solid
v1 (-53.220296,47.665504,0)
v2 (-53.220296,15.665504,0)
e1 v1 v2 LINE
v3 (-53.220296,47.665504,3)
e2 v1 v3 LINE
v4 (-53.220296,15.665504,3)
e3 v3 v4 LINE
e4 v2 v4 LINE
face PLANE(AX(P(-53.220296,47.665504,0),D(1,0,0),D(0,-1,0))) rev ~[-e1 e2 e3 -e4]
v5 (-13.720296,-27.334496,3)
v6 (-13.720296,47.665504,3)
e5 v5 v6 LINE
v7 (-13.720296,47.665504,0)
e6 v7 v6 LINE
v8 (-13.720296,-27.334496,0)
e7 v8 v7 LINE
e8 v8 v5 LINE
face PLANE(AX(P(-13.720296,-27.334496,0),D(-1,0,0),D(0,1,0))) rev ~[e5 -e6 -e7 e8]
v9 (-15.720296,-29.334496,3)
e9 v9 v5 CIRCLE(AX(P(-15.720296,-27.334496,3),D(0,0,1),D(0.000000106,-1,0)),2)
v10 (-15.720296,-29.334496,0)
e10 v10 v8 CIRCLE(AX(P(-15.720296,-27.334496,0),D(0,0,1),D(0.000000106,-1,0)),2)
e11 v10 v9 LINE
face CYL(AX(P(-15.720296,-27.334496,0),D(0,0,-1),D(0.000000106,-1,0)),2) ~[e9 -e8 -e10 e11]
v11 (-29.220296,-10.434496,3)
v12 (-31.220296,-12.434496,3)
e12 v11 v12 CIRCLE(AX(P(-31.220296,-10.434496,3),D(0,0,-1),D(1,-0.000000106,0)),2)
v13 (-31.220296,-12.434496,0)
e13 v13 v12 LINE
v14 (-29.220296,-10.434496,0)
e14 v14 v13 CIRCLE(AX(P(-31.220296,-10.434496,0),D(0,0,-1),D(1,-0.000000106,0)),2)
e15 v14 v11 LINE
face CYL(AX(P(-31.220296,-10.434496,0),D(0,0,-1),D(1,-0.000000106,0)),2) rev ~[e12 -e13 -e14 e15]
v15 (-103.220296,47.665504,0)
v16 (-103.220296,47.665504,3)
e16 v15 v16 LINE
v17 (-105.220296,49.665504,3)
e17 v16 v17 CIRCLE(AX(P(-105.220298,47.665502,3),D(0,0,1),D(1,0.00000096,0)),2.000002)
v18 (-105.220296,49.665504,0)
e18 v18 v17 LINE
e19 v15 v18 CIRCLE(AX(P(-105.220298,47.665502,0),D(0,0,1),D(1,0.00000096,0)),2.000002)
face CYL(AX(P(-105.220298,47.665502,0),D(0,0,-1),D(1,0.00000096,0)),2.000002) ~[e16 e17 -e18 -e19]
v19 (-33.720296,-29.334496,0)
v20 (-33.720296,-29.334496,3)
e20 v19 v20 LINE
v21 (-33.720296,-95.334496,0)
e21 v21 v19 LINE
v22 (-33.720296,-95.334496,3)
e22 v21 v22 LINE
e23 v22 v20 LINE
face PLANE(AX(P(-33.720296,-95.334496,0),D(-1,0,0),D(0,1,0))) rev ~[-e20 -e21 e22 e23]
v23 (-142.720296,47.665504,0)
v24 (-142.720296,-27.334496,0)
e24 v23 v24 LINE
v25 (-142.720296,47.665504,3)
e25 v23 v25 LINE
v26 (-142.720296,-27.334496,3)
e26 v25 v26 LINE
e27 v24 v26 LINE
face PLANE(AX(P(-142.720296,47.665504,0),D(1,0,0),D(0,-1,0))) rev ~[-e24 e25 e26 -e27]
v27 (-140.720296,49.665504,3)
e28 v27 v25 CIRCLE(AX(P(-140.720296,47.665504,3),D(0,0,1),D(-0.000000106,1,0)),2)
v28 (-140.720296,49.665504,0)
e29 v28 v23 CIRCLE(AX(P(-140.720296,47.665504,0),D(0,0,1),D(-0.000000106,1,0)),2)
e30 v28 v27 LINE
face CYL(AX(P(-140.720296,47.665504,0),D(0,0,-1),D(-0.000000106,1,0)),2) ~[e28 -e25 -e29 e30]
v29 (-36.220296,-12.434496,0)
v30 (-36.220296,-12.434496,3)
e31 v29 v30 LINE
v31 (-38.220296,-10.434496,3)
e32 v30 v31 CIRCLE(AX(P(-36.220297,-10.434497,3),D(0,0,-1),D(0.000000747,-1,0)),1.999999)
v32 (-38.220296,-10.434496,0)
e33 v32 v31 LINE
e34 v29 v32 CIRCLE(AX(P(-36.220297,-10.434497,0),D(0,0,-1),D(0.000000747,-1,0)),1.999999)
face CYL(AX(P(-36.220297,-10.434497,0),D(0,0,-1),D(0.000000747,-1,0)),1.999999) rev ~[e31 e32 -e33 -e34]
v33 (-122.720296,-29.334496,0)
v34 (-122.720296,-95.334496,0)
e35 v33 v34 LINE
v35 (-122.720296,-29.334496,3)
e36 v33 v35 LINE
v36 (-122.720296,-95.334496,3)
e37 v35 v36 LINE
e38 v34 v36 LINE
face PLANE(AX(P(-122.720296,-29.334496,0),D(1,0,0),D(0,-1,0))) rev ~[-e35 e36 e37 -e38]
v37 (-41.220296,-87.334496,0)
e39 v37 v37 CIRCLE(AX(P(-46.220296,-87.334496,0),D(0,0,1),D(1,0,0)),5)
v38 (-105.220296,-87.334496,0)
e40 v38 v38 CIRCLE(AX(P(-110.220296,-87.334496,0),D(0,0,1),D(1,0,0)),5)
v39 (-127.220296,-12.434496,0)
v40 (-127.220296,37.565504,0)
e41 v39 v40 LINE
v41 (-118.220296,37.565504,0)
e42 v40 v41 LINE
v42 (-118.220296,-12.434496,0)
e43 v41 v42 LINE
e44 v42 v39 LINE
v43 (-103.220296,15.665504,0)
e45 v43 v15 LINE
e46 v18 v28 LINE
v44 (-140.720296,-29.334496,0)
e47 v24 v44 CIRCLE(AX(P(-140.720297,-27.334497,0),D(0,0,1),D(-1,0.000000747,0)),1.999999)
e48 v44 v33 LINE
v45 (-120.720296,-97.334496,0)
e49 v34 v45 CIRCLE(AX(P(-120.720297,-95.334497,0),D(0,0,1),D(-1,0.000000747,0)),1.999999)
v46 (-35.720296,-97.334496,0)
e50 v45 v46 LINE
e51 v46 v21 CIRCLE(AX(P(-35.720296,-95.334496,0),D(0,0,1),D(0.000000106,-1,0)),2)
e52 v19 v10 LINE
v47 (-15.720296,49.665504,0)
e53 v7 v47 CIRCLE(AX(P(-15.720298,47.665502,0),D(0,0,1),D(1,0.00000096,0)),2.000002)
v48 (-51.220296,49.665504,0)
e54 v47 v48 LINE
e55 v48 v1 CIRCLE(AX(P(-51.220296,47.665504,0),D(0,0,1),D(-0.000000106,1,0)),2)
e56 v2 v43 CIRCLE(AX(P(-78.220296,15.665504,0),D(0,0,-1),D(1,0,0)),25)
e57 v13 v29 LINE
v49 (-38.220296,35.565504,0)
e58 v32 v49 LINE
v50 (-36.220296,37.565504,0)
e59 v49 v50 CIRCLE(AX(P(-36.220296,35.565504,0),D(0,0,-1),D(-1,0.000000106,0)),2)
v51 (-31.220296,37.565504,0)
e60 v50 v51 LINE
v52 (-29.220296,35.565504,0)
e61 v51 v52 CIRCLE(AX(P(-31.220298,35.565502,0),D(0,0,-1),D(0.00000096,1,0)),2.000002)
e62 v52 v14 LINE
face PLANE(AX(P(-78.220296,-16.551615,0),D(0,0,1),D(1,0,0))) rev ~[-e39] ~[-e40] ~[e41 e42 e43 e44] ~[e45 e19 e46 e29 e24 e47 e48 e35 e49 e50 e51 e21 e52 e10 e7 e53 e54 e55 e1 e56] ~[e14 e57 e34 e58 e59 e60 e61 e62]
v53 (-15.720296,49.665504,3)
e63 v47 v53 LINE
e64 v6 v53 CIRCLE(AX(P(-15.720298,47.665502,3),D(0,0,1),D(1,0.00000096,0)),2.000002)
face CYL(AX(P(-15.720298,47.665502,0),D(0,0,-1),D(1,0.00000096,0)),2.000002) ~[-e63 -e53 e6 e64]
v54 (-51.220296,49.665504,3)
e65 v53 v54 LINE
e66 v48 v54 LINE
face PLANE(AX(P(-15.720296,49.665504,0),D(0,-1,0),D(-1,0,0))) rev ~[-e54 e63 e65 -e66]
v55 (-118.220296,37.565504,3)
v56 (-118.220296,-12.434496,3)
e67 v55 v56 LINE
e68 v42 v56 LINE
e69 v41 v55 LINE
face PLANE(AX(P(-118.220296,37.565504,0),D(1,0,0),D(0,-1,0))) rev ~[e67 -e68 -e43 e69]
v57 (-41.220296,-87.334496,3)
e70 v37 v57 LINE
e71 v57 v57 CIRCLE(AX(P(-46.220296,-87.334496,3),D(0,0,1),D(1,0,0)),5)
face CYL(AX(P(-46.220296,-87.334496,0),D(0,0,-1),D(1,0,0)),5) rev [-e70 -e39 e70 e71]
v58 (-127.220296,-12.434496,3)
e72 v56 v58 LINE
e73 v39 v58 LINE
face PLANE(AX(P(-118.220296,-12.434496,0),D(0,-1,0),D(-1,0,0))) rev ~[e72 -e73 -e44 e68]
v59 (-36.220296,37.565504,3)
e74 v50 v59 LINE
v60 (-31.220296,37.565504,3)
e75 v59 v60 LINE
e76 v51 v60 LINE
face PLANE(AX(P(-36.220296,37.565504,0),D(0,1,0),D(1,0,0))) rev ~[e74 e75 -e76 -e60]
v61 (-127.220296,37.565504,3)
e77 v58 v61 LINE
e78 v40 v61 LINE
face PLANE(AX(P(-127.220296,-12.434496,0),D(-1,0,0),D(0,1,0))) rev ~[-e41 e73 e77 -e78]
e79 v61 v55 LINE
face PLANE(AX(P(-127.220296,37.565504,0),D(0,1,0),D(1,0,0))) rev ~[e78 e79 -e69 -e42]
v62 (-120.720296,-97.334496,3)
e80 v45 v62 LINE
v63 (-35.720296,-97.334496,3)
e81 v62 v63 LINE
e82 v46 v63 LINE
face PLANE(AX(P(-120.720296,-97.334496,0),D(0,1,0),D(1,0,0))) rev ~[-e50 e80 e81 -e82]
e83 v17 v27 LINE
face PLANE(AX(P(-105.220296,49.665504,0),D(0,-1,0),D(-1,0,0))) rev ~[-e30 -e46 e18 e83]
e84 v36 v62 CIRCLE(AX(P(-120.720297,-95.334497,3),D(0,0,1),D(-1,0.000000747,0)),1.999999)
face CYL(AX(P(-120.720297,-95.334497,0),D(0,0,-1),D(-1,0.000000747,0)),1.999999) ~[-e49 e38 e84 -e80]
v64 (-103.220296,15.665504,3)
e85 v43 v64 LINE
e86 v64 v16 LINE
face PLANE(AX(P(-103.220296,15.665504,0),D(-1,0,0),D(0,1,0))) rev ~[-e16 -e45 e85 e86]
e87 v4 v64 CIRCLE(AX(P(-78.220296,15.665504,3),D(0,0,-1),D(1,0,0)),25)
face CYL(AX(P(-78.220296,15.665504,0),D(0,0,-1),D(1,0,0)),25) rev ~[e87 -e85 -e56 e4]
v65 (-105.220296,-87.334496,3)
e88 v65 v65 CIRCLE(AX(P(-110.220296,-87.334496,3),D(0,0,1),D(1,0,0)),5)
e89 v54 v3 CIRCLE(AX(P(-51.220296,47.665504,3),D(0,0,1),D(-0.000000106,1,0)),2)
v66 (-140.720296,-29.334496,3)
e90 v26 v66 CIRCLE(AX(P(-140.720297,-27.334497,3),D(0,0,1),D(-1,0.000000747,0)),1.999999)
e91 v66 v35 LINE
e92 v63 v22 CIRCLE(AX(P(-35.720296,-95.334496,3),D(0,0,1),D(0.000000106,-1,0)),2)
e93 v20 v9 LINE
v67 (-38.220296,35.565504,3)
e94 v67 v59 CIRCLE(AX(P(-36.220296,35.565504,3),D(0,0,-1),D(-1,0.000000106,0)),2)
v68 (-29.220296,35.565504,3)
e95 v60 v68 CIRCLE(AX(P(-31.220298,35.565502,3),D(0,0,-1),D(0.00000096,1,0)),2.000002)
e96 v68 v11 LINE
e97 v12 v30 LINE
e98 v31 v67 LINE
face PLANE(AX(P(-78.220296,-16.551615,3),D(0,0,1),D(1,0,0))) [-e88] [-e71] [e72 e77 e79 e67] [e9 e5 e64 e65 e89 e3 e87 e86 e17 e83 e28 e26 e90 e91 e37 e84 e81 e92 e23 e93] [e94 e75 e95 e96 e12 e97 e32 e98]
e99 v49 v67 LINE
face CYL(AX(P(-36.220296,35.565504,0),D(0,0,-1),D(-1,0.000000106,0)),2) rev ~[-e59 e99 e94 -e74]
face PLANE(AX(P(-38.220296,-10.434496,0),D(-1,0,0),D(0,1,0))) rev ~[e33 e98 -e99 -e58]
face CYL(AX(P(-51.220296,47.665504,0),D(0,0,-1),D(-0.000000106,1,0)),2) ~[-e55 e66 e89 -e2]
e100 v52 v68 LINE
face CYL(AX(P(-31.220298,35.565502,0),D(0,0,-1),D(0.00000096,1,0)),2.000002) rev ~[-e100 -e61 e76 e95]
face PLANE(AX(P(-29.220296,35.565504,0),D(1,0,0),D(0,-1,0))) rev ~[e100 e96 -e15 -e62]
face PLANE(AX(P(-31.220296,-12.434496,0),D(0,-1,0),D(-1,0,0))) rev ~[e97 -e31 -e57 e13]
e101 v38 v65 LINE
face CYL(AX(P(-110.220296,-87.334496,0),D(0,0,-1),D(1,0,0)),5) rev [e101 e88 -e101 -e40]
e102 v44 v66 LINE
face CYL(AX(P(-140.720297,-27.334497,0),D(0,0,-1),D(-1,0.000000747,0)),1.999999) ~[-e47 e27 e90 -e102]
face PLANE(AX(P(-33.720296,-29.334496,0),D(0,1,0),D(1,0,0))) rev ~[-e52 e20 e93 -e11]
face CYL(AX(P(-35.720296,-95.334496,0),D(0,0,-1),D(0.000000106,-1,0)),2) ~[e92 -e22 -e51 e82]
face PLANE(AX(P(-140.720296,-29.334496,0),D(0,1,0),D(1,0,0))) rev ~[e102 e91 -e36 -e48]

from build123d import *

# Parameters (mm, degrees)
F0_R     = 5
F1_DEPTH = 3


with BuildPart() as f1:
    # F0 (on Top) → F1 (new body)
    with BuildSketch(Plane.XY):
        with BuildLine():
            Line((-105.220296, 49.665504), (-140.720296, 49.665504))
            ThreePointArc((-140.720296, 49.665504), (-142.13451, 49.079717), (-142.720296, 47.665504))
            Line((-142.720296, 47.665504), (-142.720296, -27.334496))
            ThreePointArc((-142.720296, -27.334496), (-142.13451, -28.74871), (-140.720296, -29.334496))
            Line((-140.720296, -29.334496), (-122.720296, -29.334496))
            Line((-122.720296, -29.334496), (-122.720296, -95.334496))
            ThreePointArc((-122.720296, -95.334496), (-122.13451, -96.74871), (-120.720296, -97.334496))
            Line((-120.720296, -97.334496), (-35.720296, -97.334496))
            ThreePointArc((-35.720296, -97.334496), (-34.306083, -96.74871), (-33.720296, -95.334496))
            Line((-33.720296, -95.334496), (-33.720296, -29.334496))
            Line((-33.720296, -29.334496), (-15.720296, -29.334496))
            ThreePointArc((-15.720296, -29.334496), (-14.306083, -28.74871), (-13.720296, -27.334496))
            Line((-13.720296, -27.334496), (-13.720296, 47.665504))
            ThreePointArc((-13.720296, 47.665504), (-14.306083, 49.079717), (-15.720296, 49.665504))
            Line((-15.720296, 49.665504), (-51.220296, 49.665504))
            ThreePointArc((-51.220296, 49.665504), (-52.63451, 49.079717), (-53.220296, 47.665504))
            Line((-53.220296, 47.665504), (-53.220296, 15.665504))
            ThreePointArc((-53.220296, 15.665504), (-78.220296, -9.334496), (-103.220296, 15.665504))
            Line((-103.220296, 15.665504), (-103.220296, 47.665504))
            ThreePointArc((-103.220296, 47.665504), (-103.806083, 49.079717), (-105.220296, 49.665504))
        make_face()
        with Locations((-110.220296, -87.334496)):
            Circle(F0_R, mode=Mode.SUBTRACT)
        with Locations((-46.220296, -87.334496)):
            Circle(F0_R, mode=Mode.SUBTRACT)
        Polygon((-120.220296, 37.565504), (-118.220296, 37.565504), (-118.220296, 35.565504), (-118.220296, -10.434496), (-118.220296, -12.434496), (-120.220296, -12.434496), (-125.220296, -12.434496), (-127.220296, -12.434496), (-127.220296, -10.434496), (-127.220296, 35.565504), (-127.220296, 37.565504), (-125.220296, 37.565504), align=None, mode=Mode.SUBTRACT)
        with BuildLine():
            ThreePointArc((-38.220296, 35.565504), (-37.63451, 36.979717), (-36.220296, 37.565504))
            Line((-36.220296, 37.565504), (-31.220296, 37.565504))
            ThreePointArc((-31.220296, 37.565504), (-29.806083, 36.979717), (-29.220296, 35.565504))
            Line((-29.220296, 35.565504), (-29.220296, -10.434496))
            ThreePointArc((-29.220296, -10.434496), (-29.806083, -11.84871), (-31.220296, -12.434496))
            Line((-31.220296, -12.434496), (-36.220296, -12.434496))
            ThreePointArc((-36.220296, -12.434496), (-37.63451, -11.84871), (-38.220296, -10.434496))
            Line((-38.220296, -10.434496), (-38.220296, 35.565504))
        make_face(mode=Mode.SUBTRACT)
    extrude(amount=F1_DEPTH)


solid = f1.part
